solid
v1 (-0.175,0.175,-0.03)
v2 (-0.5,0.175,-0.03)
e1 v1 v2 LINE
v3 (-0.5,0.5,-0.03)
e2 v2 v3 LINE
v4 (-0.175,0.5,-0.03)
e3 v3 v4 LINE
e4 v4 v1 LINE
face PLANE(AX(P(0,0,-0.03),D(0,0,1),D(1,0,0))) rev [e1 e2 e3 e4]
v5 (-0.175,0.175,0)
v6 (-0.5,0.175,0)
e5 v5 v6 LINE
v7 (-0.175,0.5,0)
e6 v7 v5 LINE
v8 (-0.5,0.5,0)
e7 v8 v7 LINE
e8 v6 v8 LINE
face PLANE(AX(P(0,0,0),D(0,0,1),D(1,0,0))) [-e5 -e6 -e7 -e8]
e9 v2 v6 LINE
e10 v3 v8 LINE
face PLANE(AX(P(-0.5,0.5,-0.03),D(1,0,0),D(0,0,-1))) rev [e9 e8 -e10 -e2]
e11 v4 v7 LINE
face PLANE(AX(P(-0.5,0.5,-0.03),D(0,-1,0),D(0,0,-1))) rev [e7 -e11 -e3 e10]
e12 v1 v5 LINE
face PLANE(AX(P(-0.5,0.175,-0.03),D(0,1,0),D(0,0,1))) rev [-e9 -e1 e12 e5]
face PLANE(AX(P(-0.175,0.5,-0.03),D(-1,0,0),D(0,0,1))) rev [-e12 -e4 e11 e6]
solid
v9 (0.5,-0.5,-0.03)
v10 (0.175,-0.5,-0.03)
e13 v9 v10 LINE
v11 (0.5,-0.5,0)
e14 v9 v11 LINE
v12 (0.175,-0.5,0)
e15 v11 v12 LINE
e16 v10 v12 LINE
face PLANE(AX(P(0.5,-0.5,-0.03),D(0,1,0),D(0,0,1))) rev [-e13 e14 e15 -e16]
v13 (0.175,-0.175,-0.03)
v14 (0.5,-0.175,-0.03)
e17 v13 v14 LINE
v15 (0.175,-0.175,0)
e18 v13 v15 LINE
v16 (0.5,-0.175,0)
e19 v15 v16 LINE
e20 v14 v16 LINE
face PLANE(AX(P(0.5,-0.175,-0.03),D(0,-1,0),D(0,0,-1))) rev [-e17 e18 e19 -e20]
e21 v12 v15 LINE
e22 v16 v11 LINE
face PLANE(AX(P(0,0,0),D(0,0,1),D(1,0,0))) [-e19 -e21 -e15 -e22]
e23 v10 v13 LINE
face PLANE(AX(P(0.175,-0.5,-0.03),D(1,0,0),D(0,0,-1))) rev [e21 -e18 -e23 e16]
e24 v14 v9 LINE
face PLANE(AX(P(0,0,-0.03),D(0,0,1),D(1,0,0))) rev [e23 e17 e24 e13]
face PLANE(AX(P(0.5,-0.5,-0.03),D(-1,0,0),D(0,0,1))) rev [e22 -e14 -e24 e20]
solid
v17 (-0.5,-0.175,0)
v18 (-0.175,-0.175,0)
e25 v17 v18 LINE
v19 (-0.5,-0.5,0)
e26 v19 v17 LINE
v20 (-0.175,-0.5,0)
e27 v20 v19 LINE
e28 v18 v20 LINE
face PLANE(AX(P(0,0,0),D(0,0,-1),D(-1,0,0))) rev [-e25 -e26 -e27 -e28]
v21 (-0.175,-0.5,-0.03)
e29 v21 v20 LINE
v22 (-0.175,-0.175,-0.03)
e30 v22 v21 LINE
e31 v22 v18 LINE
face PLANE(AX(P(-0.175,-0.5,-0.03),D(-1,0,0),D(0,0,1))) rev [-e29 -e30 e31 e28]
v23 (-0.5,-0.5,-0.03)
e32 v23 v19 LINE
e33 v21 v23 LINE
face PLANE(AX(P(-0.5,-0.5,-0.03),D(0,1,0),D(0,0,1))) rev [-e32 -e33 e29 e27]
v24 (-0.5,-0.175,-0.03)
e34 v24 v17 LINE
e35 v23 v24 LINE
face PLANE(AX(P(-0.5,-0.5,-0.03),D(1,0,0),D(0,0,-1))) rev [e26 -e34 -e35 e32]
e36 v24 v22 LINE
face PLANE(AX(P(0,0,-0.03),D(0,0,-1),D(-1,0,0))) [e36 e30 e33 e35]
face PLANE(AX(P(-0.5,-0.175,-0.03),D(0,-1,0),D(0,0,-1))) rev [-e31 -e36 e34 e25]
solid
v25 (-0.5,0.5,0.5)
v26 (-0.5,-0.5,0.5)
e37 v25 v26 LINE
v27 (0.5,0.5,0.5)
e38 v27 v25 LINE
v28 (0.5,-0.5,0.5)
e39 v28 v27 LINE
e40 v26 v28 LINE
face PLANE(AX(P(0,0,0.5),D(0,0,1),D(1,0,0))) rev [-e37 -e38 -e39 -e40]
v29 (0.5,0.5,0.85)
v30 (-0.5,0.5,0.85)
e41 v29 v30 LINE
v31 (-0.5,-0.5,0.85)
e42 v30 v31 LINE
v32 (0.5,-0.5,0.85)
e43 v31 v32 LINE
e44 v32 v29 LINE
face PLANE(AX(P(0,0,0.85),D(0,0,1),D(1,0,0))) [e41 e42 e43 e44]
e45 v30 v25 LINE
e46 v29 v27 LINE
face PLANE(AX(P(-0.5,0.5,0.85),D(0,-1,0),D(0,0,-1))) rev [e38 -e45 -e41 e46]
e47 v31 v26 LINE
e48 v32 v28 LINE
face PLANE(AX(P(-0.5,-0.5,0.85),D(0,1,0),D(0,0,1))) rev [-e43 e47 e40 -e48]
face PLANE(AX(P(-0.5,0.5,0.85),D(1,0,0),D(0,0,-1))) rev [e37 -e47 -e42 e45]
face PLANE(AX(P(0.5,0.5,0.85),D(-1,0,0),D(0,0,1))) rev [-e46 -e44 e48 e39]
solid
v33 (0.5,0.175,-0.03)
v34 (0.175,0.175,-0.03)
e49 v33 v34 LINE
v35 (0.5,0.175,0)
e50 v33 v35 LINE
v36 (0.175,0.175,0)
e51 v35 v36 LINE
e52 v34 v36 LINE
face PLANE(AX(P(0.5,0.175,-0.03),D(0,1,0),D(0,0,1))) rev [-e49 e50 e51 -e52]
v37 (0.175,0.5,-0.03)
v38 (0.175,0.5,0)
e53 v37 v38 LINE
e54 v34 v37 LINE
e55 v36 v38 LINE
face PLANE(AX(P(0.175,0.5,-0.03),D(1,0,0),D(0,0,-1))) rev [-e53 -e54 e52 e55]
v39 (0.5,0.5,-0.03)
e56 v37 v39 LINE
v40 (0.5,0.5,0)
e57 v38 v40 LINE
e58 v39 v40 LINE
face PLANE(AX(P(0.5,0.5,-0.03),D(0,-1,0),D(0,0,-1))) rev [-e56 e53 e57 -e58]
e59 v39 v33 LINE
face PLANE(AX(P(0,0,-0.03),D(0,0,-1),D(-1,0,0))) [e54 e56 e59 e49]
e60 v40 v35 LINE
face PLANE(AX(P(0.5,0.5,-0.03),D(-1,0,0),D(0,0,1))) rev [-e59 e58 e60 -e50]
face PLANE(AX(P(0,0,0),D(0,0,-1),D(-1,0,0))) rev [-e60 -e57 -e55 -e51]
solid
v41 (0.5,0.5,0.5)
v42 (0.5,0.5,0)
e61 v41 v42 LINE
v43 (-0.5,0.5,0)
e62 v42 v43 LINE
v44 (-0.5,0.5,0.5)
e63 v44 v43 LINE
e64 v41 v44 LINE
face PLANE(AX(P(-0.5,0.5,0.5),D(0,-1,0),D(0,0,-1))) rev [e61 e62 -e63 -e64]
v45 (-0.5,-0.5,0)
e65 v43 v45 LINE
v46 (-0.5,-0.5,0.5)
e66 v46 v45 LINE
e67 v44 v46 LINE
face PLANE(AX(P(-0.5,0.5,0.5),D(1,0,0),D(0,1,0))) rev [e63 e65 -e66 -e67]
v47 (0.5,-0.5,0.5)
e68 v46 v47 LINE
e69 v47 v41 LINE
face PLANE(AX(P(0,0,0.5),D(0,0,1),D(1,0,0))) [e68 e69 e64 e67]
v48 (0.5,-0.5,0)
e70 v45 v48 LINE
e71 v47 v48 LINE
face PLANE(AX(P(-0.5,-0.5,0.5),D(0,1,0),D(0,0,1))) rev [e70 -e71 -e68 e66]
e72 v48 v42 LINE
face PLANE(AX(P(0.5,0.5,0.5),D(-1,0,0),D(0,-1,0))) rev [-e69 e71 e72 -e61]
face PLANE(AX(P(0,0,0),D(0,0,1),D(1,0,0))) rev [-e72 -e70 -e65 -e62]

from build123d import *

# Parameters (mm, degrees)
SKIZZE1_W                         = 1
SKIZZE1_H                         = 1
AUFSATZ_LINEAR_AUSTRAGEN1_DEPTH   = 0.5
SKIZZE2_W                         = 0.325
SKIZZE2_H                         = 0.325
AUFSATZ_LINEAR_AUSTRAGEN2_DEPTH   = 0.03
AUFSATZ_LINEAR_AUSTRAGEN2_2_DEPTH = 0.03
AUFSATZ_LINEAR_AUSTRAGEN2_3_DEPTH = 0.03
AUFSATZ_LINEAR_AUSTRAGEN2_4_DEPTH = 0.03
SKIZZE3_W                         = 1
SKIZZE3_H                         = 1
AUFSATZ_LINEAR_AUSTRAGEN3_DEPTH   = 0.35


with BuildPart() as part:
    # Skizze1 → Aufsatz-Linear austragen1 (new body)
    with BuildSketch(Plane.XY):
        Rectangle(SKIZZE1_W, SKIZZE1_H)
    extrude(amount=AUFSATZ_LINEAR_AUSTRAGEN1_DEPTH)


with BuildPart() as body_2:
    # Skizze2 → Aufsatz-Linear austragen2 (new body)
    with BuildSketch(Plane(origin=(0, 0, 0), x_dir=(-1, 0, 0), z_dir=(0, 0, -1))):
        with Locations((-0.3375, 0.3375)):
            Rectangle(SKIZZE2_W, SKIZZE2_H)
    extrude(amount=AUFSATZ_LINEAR_AUSTRAGEN2_DEPTH)


with BuildPart() as body_3:
    # Skizze2 → Aufsatz-Linear austragen2 2 (new body)
    with BuildSketch(Plane(origin=(0, 0, 0), x_dir=(-1, 0, 0), z_dir=(0, 0, -1))):
        with Locations((0.3375, 0.3375)):
            Rectangle(SKIZZE2_W, SKIZZE2_H)
    extrude(amount=AUFSATZ_LINEAR_AUSTRAGEN2_2_DEPTH)


with BuildPart() as body_4:
    # Skizze2 → Aufsatz-Linear austragen2 3 (new body)
    with BuildSketch(Plane(origin=(0, 0, 0), x_dir=(-1, 0, 0), z_dir=(0, 0, -1))):
        with Locations((-0.3375, -0.3375)):
            Rectangle(SKIZZE2_W, SKIZZE2_H)
    extrude(amount=AUFSATZ_LINEAR_AUSTRAGEN2_3_DEPTH)


with BuildPart() as body_5:
    # Skizze2 → Aufsatz-Linear austragen2 4 (new body)
    with BuildSketch(Plane(origin=(0, 0, 0), x_dir=(-1, 0, 0), z_dir=(0, 0, -1))):
        with Locations((0.3375, -0.3375)):
            Rectangle(SKIZZE2_W, SKIZZE2_H)
    extrude(amount=AUFSATZ_LINEAR_AUSTRAGEN2_4_DEPTH)


with BuildPart() as body_6:
    # Skizze3 → Aufsatz-Linear austragen3 (new body)
    with BuildSketch(Plane.XY.offset(0.5)):
        Rectangle(SKIZZE3_W, SKIZZE3_H)
    extrude(amount=AUFSATZ_LINEAR_AUSTRAGEN3_DEPTH)


solid = Compound([part.part, body_2.part, body_3.part, body_4.part, body_5.part, body_6.part])
